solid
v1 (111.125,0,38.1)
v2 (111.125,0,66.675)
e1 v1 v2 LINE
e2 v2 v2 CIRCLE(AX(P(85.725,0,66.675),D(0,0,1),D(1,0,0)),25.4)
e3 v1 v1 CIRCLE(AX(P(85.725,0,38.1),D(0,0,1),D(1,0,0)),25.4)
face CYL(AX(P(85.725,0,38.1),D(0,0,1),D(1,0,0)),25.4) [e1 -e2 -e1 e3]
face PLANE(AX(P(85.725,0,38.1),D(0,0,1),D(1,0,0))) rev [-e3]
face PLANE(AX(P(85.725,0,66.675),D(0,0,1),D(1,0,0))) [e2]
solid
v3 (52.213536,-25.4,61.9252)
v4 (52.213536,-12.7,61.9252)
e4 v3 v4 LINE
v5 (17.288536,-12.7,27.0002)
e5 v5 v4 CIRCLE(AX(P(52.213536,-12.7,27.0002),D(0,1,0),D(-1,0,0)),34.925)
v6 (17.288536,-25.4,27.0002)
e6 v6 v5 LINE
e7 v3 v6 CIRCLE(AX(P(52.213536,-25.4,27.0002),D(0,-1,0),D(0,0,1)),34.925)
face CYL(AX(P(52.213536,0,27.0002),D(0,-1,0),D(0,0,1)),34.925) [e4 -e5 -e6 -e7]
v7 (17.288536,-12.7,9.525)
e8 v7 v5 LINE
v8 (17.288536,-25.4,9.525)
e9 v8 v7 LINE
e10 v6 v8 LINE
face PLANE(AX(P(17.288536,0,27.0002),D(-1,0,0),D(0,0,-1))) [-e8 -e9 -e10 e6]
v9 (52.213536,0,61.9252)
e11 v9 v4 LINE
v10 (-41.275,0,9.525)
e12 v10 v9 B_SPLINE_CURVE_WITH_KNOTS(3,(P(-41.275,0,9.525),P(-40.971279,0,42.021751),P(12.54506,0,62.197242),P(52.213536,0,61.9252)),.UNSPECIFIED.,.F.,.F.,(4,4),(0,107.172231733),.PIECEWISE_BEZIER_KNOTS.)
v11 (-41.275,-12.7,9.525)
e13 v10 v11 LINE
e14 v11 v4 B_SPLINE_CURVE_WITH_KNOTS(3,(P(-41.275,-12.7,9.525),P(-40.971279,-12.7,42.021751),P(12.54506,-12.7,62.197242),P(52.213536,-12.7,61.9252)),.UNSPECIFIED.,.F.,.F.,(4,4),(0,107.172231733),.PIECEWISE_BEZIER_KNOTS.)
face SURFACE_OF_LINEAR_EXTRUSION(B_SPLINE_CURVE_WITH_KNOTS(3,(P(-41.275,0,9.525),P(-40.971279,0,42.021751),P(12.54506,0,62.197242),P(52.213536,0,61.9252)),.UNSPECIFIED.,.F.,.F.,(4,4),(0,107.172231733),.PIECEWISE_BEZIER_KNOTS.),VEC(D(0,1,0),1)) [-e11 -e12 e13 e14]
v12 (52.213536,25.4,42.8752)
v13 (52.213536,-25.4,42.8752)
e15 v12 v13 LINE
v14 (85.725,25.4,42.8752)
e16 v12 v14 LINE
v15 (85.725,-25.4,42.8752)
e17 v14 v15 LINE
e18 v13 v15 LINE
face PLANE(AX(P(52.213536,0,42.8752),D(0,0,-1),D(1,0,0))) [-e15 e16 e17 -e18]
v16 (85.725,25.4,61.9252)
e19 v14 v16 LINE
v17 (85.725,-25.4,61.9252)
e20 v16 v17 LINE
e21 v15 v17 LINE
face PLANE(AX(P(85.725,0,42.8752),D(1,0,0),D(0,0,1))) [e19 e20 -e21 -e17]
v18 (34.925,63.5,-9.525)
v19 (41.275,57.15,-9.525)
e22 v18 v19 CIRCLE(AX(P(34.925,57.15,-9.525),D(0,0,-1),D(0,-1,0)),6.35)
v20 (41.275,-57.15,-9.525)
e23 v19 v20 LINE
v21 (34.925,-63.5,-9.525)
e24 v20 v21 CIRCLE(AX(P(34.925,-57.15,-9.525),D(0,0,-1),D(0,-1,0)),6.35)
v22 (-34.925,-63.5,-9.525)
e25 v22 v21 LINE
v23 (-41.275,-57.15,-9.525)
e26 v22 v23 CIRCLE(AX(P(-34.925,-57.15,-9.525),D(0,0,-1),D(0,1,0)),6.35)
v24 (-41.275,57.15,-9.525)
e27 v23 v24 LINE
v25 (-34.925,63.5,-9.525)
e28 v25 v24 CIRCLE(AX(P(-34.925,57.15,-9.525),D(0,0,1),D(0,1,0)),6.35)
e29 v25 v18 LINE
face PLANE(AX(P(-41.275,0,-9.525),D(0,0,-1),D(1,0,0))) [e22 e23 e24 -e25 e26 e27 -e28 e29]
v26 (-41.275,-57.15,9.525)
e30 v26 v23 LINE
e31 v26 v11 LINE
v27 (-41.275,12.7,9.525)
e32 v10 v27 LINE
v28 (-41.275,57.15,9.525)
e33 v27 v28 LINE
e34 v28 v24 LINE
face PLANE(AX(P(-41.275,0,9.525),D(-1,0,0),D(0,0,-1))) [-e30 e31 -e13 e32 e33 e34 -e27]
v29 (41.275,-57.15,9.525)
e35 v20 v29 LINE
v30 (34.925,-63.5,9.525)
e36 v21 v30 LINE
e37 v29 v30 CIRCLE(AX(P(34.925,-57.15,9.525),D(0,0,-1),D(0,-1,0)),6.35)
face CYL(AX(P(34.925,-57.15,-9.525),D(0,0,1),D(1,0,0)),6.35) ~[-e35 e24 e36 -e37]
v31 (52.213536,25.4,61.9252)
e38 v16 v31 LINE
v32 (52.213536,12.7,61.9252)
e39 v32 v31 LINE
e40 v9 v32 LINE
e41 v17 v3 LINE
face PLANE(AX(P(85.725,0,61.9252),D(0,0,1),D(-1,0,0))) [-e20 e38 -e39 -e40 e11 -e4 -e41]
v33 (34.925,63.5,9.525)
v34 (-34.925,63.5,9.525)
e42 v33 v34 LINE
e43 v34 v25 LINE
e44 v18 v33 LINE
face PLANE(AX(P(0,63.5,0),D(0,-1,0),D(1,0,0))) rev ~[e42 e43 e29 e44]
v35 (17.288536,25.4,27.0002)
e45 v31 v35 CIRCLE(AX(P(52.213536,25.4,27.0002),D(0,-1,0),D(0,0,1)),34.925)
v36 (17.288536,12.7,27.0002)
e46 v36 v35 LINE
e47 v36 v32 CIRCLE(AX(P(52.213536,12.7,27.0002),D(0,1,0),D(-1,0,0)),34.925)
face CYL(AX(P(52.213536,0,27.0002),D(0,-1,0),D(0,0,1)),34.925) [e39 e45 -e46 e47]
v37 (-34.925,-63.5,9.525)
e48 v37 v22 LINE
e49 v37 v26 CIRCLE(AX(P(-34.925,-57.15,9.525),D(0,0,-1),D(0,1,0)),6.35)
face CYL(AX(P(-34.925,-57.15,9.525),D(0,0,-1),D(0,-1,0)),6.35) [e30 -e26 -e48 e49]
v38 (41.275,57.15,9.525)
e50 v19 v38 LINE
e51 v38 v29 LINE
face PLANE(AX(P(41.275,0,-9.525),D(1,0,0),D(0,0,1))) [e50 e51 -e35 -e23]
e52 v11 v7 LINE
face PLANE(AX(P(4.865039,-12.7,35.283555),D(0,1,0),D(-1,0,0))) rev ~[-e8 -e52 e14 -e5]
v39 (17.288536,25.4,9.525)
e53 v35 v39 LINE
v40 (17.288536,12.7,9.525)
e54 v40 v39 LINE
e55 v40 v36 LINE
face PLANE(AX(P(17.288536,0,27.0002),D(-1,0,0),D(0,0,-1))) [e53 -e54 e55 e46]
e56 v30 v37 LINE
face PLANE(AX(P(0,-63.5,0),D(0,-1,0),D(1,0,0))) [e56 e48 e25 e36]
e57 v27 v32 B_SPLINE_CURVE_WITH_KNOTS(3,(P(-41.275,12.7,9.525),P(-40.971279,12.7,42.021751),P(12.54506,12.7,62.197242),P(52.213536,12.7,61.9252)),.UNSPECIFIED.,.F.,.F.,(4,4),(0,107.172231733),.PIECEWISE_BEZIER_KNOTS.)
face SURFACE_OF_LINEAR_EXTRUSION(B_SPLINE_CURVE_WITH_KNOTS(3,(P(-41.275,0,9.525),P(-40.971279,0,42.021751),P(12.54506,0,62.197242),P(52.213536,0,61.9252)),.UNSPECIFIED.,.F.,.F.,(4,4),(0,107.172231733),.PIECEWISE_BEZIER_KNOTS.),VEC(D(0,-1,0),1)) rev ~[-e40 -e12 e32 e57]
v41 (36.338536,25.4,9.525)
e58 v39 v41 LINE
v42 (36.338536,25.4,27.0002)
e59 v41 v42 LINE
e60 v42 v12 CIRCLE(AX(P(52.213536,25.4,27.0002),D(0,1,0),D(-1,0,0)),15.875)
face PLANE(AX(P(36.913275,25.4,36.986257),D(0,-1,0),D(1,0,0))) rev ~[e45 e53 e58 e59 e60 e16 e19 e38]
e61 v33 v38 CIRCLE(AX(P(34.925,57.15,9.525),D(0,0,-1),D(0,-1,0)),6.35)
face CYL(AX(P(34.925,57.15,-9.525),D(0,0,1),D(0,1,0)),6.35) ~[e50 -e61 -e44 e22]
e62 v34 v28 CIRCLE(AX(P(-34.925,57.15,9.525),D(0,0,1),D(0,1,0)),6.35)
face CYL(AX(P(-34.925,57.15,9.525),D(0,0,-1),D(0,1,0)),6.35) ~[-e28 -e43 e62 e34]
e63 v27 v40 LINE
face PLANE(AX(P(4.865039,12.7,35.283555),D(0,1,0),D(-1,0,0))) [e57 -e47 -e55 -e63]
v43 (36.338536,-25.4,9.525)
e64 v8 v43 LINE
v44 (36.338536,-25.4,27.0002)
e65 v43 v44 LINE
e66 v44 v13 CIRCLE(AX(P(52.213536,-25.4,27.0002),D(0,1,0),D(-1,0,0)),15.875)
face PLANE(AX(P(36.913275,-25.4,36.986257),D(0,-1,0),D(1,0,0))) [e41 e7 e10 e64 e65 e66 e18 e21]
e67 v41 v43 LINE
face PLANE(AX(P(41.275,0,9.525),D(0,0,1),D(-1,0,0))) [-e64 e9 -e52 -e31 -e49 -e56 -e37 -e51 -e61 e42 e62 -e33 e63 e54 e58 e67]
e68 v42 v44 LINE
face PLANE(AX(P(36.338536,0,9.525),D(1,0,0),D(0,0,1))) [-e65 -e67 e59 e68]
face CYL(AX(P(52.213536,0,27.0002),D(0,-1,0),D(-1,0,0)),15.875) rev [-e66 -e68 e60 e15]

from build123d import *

# Parameters (mm, degrees)
F1_DEPTH = 63.5
F0_W     = 25.4
F0_H     = 19.05
F2_DEPTH = 25.4
F3_DEPTH = 12.7
F5_R     = 6.35


with BuildPart() as f1:
    # F0 (on Front) → F1 (new body, symmetric)
    with BuildSketch(Plane.XZ):
        Polygon((-41.275, -9.525), (41.275, -9.525), (41.275, 9.525), (36.3385356322, 9.525), (17.2885356322, 9.525), (-41.275, 9.525), align=None)
    extrude(amount=F1_DEPTH, both=True)

    # F0 (on Front) → F2 (join, symmetric)
    with BuildSketch(Plane.XZ):
        with BuildLine():
            Line((17.2885356322, 9.525), (36.3385356322, 9.525))
            Line((36.3385356322, 9.525), (36.3385356322, 27.0002))
            ThreePointArc((36.3385356322, 27.0002), (40.9882154809, 38.2255201513), (52.2135356322, 42.8752))
            Line((52.2135356322, 42.8752), (60.325, 42.8752))
            Line((60.325, 42.8752), (60.325, 61.9252))
            Line((60.325, 61.9252), (52.2135356322, 61.9252))
            ThreePointArc((52.2135356322, 61.9252), (27.5178312993, 51.6959043329), (17.2885356322, 27.0002))
            Line((17.2885356322, 27.0002), (17.2885356322, 9.525))
        make_face()
        with Locations((73.025, 52.4002)):
            Rectangle(F0_W, F0_H)
    extrude(amount=F2_DEPTH, both=True)

    # F0 (on Front) → F3 (join, symmetric)
    with BuildSketch(Plane.XZ):
        with BuildLine():
            add(Edge.make_bspline(
                [(-41.275, 9.525), (-40.9712791443, 42.0217514038), (12.5450603664, 62.1972419322), (52.2135356322, 61.9252)],
                knots=[0, 0, 0, 0, 107.1722317333, 107.1722317333, 107.1722317333, 107.1722317333], degree=3))
            Line((-41.275, 9.525), (17.2885356322, 9.525))
            Line((17.2885356322, 9.525), (17.2885356322, 27.0002))
            ThreePointArc((17.2885356322, 27.0002), (27.5178312993, 51.6959043329), (52.2135356322, 61.9252))
        make_face()
    extrude(amount=F3_DEPTH, both=True)

    # F5
    f5_edges = [f1.edges().sort_by_distance(p)[0] for p in [
        (41.275, -63.5, 0),
        (-41.275, -63.5, 0),
        (41.275, 63.5, 0),
        (-41.275, 63.5, 0),
    ]]
    fillet(f5_edges, radius=F5_R)


with BuildPart() as f4:
    # F0 (on Front) → F4 (revolve)
    with BuildSketch(Plane.XZ):
        Polygon((85.725, 66.675), (85.725, 61.9252), (85.725, 42.8752), (85.725, 38.1), (111.125, 38.1), (111.125, 66.675), align=None)
    revolve(axis=Axis((85.725, 0, 52.3875), (0, 0, 1)))


solid = Compound([f1.part, f4.part])
